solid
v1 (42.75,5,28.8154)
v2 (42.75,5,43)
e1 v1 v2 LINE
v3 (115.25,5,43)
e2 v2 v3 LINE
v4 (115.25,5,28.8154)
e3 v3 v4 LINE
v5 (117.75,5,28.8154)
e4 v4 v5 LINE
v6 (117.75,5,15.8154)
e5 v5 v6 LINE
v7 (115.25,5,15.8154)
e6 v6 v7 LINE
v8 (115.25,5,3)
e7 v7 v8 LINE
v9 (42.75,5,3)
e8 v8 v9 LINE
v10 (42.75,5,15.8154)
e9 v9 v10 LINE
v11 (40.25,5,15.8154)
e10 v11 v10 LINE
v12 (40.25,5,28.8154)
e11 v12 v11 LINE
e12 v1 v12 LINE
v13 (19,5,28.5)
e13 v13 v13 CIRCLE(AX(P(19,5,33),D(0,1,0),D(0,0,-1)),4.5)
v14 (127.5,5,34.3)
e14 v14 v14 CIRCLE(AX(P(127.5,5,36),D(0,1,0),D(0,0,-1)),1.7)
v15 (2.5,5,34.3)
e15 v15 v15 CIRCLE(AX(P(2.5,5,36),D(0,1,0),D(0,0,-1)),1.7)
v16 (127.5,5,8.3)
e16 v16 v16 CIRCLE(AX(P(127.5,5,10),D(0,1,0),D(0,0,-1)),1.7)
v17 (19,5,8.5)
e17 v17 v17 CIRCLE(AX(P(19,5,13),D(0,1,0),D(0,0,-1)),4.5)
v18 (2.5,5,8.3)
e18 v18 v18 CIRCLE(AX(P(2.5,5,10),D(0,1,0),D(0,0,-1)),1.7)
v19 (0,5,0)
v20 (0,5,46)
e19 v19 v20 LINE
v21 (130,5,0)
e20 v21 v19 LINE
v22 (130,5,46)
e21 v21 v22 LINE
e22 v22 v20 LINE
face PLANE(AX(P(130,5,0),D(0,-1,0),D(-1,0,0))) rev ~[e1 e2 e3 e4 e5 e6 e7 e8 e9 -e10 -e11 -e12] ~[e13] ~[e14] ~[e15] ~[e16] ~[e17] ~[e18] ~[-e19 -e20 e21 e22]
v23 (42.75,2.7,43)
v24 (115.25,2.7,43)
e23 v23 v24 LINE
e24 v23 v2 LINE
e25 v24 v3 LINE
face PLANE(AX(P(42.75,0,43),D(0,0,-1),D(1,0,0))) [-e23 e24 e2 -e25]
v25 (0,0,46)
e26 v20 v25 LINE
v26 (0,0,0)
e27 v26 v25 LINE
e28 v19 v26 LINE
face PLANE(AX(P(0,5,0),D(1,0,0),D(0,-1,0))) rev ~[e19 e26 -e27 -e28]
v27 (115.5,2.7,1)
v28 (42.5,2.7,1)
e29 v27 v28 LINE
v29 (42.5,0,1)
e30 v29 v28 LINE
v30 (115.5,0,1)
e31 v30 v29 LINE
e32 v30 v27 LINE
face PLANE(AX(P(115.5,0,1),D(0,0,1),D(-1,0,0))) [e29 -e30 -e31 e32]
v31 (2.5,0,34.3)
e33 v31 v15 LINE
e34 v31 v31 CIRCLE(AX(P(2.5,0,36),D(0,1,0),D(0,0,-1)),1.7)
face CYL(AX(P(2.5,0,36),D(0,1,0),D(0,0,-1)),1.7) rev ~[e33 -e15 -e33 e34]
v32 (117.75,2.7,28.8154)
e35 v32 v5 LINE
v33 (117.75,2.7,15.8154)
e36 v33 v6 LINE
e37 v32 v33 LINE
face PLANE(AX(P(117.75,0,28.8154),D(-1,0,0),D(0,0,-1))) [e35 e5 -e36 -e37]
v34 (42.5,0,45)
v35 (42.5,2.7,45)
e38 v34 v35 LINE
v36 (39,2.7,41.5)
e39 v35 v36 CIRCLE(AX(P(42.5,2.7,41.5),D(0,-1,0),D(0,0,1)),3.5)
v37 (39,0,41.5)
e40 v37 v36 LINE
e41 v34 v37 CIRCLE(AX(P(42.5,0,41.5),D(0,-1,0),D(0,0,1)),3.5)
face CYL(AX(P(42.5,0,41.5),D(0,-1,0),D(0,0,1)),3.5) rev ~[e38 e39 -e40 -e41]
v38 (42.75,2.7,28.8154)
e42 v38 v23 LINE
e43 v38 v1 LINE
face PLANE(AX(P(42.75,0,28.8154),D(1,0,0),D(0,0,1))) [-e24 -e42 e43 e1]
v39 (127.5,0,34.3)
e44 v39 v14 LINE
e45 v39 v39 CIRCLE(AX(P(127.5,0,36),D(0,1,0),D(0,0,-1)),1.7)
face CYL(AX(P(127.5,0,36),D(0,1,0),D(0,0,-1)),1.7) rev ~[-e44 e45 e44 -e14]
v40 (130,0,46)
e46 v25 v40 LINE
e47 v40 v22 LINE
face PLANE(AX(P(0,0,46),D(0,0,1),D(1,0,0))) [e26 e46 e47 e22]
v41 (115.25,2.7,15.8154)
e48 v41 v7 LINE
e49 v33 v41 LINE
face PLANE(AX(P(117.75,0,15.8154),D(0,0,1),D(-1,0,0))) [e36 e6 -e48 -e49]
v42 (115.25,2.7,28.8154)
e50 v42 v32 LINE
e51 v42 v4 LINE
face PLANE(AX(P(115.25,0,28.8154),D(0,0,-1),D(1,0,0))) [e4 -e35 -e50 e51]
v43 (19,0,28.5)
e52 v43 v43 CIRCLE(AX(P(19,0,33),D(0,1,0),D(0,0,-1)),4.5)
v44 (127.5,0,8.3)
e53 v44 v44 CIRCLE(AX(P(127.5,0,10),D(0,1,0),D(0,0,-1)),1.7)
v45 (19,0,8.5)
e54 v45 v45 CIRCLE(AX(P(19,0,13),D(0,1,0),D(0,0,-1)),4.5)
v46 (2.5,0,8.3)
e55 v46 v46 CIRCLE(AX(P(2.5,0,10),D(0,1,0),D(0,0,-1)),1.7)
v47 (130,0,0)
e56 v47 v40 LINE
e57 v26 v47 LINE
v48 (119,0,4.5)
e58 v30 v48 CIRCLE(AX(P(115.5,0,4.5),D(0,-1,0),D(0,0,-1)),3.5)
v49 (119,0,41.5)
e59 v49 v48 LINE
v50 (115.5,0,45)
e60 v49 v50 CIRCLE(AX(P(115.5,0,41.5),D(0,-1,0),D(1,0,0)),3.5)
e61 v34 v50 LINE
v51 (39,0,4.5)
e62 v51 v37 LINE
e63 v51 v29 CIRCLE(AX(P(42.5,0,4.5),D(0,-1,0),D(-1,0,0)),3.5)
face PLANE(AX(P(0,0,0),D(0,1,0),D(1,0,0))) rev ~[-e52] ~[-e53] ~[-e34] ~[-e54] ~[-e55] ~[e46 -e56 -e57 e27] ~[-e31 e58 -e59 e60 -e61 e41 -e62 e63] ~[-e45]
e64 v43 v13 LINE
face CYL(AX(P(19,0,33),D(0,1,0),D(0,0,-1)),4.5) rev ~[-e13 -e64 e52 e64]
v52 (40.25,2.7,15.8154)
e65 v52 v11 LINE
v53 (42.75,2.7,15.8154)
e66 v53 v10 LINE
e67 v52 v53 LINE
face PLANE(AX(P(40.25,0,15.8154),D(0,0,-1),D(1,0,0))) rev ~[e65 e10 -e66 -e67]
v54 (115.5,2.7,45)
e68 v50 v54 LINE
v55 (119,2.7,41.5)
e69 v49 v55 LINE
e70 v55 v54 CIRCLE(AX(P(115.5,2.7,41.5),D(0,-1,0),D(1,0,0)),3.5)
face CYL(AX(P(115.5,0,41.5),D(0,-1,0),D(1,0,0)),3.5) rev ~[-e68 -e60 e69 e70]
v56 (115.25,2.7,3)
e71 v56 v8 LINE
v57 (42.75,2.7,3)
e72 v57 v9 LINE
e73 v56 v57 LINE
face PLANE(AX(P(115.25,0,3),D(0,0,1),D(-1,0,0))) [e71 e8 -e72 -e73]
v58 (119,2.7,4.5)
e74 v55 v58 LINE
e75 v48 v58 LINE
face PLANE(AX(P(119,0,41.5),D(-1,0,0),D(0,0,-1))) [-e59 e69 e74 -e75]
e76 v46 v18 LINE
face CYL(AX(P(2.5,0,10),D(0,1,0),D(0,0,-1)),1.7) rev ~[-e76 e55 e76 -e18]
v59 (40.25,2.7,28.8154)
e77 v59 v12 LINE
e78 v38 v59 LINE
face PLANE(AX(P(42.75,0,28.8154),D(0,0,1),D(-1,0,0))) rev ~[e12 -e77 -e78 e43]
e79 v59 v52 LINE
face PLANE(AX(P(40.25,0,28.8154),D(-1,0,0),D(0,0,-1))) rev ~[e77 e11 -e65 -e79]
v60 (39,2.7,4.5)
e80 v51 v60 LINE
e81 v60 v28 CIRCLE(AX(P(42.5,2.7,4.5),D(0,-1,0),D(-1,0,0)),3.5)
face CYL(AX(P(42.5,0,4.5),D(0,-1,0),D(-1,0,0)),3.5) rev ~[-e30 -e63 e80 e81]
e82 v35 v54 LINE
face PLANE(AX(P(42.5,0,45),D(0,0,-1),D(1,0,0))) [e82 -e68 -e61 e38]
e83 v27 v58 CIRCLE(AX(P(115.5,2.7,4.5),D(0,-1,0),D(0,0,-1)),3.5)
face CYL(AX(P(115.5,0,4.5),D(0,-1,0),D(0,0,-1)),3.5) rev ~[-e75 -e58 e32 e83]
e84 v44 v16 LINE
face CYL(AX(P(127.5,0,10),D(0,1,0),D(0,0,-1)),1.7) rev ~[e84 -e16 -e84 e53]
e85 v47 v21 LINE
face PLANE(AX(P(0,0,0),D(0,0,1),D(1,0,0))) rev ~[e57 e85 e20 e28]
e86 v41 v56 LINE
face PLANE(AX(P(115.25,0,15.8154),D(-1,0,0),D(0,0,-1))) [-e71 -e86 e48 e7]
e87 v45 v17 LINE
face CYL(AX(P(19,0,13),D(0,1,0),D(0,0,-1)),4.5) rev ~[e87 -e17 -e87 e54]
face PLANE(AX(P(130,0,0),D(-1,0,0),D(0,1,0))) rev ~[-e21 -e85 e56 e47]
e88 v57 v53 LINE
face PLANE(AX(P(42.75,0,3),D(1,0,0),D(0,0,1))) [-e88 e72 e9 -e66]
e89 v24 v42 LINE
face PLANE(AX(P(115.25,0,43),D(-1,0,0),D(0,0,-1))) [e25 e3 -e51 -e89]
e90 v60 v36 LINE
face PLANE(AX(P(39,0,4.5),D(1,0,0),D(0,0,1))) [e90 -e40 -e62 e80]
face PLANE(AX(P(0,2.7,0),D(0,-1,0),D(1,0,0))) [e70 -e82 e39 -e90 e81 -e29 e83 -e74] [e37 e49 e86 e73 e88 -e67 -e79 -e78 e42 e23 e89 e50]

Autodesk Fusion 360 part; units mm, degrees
sketch "Sketch1" plane through (0, 0, 0) normal (0, 0, 1) x (1, 0, 0)
  line L0 (0, 0) -> (130, 0)
  line L1 (130, 0) -> (130, 5)
  line L2 (130, 5) -> (0, 5)
  line L3 (0, 5) -> (0, 0)
  dimension "d1" = 130
  dimension "d2" = 5
extrude "Extrude1" add sketch "Sketch1" along normal blind 46
sketch "Sketch2" plane through (0, 0, 0) normal (0, -1, 0) x (1, 0, 0)
  line L0 (0, 0) -> (130, 0)
  line L1 (130, 0) -> (130, 46)
  line L2 (130, 46) -> (0, 46)
  line L3 (0, 46) -> (0, 0)
  line L4 (42.5, 45) -> (115.5, 45)
  line L5 (119, 41.5) -> (119, 4.5)
  line L6 (115.5, 1) -> (42.5, 1)
  line L7 (39, 4.5) -> (39, 41.5)
  line L8 (125, 46) -> (125, 0) construction
  line L9 (5, 46) -> (5, 0) construction
  line L10 (42.75, 43) -> (115.25, 43)
  line L11 (115.25, 3) -> (42.75, 3)
  line L12 (42.75, 28.8154) -> (40.25, 28.8154)
  line L13 (40.25, 28.8154) -> (40.25, 15.8154)
  line L14 (40.25, 15.8154) -> (42.75, 15.8154)
  line L15 (115.25, 28.8154) -> (117.75, 28.8154)
  line L16 (117.75, 28.8154) -> (117.75, 15.8154)
  line L17 (117.75, 15.8154) -> (115.25, 15.8154)
  line L18 (115.25, 43) -> (115.25, 28.8154)
  line L19 (115.25, 15.8154) -> (115.25, 3)
  line L20 (42.75, 3) -> (42.75, 15.8154)
  line L21 (42.75, 28.8154) -> (42.75, 43)
  arc A0 (42.5, 45) -> (39, 41.5) centre (42.5, 41.5) ccw
  arc A1 (119, 41.5) -> (115.5, 45) centre (115.5, 41.5) ccw
  arc A2 (115.5, 1) -> (119, 4.5) centre (115.5, 4.5) ccw
  arc A3 (39, 4.5) -> (42.5, 1) centre (42.5, 4.5) ccw
  point P0 (39, 45)
  point P1 (119, 45)
  point P2 (39, 1)
  dimension "d5" = 80
  dimension "d6" = 44
  dimension "d7" = 5
  dimension "d8" = 5
  dimension "d9" = 6
  dimension "d10" = 1
  dimension "d25" = 2.5
  dimension "d26" = 13
  dimension "d28" = 13
  dimension "d35" = 3.5
  dimension "d59" = 72.5
  dimension "d60" = 40
  dimension "d62" = 2.5
  dimension "d63" = 1.25
  dimension "d64" = 2
extrude "Extrude5" cut sketch "Sketch2" against normal blind 5 contours L10 L11 L12 L13 L14 L15 L16 L17 L18 L19 L20 L21
sketch "Sketch4" plane through (0, 5, 0) normal (0, 1, 0) x (-1, 0, 0)
  line L0 (-40.25, 15.8154) -> (-42.75, 15.8154)
  line L1 (-42.75, 15.8154) -> (-42.75, 3)
  line L2 (-42.75, 3) -> (-115.25, 3)
  line L3 (-115.25, 3) -> (-115.25, 15.8154)
  line L4 (-115.25, 15.8154) -> (-117.75, 15.8154)
  line L5 (-117.75, 15.8154) -> (-117.75, 28.8154)
  line L6 (-117.75, 28.8154) -> (-115.25, 28.8154)
  line L7 (-115.25, 28.8154) -> (-115.25, 43)
  line L8 (-115.25, 43) -> (-42.75, 43)
  line L9 (-42.75, 43) -> (-42.75, 28.8154)
  line L10 (-42.75, 28.8154) -> (-40.25, 28.8154)
  line L11 (-40.25, 28.8154) -> (-40.25, 15.8154)
  line L12 (-130, 0) -> (0, 0)
  line L13 (0, 0) -> (0, 46)
  line L14 (0, 46) -> (-130, 46)
  line L15 (-130, 46) -> (-130, 0)
  line L16 (-118.25, 45) -> (-39.25, 45)
  line L17 (-39.25, 45) -> (-39.25, 2)
  line L18 (-39.25, 2) -> (-118.25, 2)
  line L19 (-118.25, 2) -> (-118.25, 45)
  line L20 (-42.75, 43) -> (-115.25, 43)
  dimension "d31" = 79
  dimension "d32" = 43
  dimension "d33" = 2
  dimension "d34" = 3.5
extrude "Extrude6" cut sketch "Sketch2" against normal blind 2.7 contours L4 L5 L6 L7 A0 A1 A2 A3
sketch "Sketch5" plane through (0, 0, 0) normal (0, -1, 0) x (1, 0, 0)
  line L0 (39, 4.5) -> (39, 41.5)
  arc A0 (42.5, 45) -> (39, 41.5) centre (42.5, 41.5) ccw
  line L1 (42.5, 45) -> (115.5, 45)
  arc A1 (119, 41.5) -> (115.5, 45) centre (115.5, 41.5) ccw
  line L2 (119, 41.5) -> (119, 4.5)
  arc A2 (115.5, 1) -> (119, 4.5) centre (115.5, 4.5) ccw
  line L3 (115.5, 1) -> (42.5, 1)
  arc A3 (39, 4.5) -> (42.5, 1) centre (42.5, 4.5) ccw
  line L4 (0, 0) -> (130, 0)
  line L5 (130, 0) -> (130, 46)
  line L6 (130, 46) -> (0, 46)
  line L7 (0, 46) -> (0, 0)
  line L8 (19, 33) -> (19, 13) construction
  line L9 (5, 46) -> (5, 0) construction
  line L10 (39, 23) -> (19, 23) construction
  point P0 (19, 33)
  point P1 (19, 13)
  point P2 (19, 33)
  point P3 (19, 33)
  point P4 (19, 33)
  point P5 (19, 13)
  dimension "d40" = 20
  dimension "d41" = 20
  dimension "d42" = 5
hole "Hole1" at (19, 0, 33) at (19, 0, 13) direction (0, 1, 0) diameter 9 end through all
sketch "Sketch6" plane through (0, 0, 0) normal (0, -1, 0) x (1, 0, 0)
  circle A0 centre (19, 33) radius 4.5
  circle A1 centre (19, 13) radius 4.5
  line L0 (39, 4.5) -> (39, 41.5)
  arc A2 (42.5, 45) -> (39, 41.5) centre (42.5, 41.5) ccw
  line L1 (42.5, 45) -> (115.5, 45)
  arc A3 (119, 41.5) -> (115.5, 45) centre (115.5, 41.5) ccw
  line L2 (119, 41.5) -> (119, 4.5)
  arc A4 (115.5, 1) -> (119, 4.5) centre (115.5, 4.5) ccw
  line L3 (115.5, 1) -> (42.5, 1)
  arc A5 (39, 4.5) -> (42.5, 1) centre (42.5, 4.5) ccw
  line L4 (0, 0) -> (130, 0)
  line L5 (130, 0) -> (130, 46)
  line L6 (130, 46) -> (0, 46)
  line L7 (0, 46) -> (0, 0)
  line L8 (125, 46) -> (125, 0) construction
  line L9 (5, 46) -> (5, 0) construction
  point P0 (2.5, 36)
  point P1 (2.5, 10)
  point P2 (127.5, 36)
  point P3 (127.5, 10)
  dimension "d46" = 5
  dimension "d47" = 5
  dimension "d48" = 2.5
  dimension "d49" = 10
  dimension "d50" = 10
  dimension "d51" = 2.5
  dimension "d52" = 2.5
  dimension "d53" = 10
  dimension "d54" = 10
  dimension "d55" = 2.5
hole "Hole2" at (127.5, 0, 36) at (127.5, 0, 10) at (2.5, 0, 36) at (2.5, 0, 10) direction (0, 1, 0) diameter 3.4 depth 5 tip angle 180
